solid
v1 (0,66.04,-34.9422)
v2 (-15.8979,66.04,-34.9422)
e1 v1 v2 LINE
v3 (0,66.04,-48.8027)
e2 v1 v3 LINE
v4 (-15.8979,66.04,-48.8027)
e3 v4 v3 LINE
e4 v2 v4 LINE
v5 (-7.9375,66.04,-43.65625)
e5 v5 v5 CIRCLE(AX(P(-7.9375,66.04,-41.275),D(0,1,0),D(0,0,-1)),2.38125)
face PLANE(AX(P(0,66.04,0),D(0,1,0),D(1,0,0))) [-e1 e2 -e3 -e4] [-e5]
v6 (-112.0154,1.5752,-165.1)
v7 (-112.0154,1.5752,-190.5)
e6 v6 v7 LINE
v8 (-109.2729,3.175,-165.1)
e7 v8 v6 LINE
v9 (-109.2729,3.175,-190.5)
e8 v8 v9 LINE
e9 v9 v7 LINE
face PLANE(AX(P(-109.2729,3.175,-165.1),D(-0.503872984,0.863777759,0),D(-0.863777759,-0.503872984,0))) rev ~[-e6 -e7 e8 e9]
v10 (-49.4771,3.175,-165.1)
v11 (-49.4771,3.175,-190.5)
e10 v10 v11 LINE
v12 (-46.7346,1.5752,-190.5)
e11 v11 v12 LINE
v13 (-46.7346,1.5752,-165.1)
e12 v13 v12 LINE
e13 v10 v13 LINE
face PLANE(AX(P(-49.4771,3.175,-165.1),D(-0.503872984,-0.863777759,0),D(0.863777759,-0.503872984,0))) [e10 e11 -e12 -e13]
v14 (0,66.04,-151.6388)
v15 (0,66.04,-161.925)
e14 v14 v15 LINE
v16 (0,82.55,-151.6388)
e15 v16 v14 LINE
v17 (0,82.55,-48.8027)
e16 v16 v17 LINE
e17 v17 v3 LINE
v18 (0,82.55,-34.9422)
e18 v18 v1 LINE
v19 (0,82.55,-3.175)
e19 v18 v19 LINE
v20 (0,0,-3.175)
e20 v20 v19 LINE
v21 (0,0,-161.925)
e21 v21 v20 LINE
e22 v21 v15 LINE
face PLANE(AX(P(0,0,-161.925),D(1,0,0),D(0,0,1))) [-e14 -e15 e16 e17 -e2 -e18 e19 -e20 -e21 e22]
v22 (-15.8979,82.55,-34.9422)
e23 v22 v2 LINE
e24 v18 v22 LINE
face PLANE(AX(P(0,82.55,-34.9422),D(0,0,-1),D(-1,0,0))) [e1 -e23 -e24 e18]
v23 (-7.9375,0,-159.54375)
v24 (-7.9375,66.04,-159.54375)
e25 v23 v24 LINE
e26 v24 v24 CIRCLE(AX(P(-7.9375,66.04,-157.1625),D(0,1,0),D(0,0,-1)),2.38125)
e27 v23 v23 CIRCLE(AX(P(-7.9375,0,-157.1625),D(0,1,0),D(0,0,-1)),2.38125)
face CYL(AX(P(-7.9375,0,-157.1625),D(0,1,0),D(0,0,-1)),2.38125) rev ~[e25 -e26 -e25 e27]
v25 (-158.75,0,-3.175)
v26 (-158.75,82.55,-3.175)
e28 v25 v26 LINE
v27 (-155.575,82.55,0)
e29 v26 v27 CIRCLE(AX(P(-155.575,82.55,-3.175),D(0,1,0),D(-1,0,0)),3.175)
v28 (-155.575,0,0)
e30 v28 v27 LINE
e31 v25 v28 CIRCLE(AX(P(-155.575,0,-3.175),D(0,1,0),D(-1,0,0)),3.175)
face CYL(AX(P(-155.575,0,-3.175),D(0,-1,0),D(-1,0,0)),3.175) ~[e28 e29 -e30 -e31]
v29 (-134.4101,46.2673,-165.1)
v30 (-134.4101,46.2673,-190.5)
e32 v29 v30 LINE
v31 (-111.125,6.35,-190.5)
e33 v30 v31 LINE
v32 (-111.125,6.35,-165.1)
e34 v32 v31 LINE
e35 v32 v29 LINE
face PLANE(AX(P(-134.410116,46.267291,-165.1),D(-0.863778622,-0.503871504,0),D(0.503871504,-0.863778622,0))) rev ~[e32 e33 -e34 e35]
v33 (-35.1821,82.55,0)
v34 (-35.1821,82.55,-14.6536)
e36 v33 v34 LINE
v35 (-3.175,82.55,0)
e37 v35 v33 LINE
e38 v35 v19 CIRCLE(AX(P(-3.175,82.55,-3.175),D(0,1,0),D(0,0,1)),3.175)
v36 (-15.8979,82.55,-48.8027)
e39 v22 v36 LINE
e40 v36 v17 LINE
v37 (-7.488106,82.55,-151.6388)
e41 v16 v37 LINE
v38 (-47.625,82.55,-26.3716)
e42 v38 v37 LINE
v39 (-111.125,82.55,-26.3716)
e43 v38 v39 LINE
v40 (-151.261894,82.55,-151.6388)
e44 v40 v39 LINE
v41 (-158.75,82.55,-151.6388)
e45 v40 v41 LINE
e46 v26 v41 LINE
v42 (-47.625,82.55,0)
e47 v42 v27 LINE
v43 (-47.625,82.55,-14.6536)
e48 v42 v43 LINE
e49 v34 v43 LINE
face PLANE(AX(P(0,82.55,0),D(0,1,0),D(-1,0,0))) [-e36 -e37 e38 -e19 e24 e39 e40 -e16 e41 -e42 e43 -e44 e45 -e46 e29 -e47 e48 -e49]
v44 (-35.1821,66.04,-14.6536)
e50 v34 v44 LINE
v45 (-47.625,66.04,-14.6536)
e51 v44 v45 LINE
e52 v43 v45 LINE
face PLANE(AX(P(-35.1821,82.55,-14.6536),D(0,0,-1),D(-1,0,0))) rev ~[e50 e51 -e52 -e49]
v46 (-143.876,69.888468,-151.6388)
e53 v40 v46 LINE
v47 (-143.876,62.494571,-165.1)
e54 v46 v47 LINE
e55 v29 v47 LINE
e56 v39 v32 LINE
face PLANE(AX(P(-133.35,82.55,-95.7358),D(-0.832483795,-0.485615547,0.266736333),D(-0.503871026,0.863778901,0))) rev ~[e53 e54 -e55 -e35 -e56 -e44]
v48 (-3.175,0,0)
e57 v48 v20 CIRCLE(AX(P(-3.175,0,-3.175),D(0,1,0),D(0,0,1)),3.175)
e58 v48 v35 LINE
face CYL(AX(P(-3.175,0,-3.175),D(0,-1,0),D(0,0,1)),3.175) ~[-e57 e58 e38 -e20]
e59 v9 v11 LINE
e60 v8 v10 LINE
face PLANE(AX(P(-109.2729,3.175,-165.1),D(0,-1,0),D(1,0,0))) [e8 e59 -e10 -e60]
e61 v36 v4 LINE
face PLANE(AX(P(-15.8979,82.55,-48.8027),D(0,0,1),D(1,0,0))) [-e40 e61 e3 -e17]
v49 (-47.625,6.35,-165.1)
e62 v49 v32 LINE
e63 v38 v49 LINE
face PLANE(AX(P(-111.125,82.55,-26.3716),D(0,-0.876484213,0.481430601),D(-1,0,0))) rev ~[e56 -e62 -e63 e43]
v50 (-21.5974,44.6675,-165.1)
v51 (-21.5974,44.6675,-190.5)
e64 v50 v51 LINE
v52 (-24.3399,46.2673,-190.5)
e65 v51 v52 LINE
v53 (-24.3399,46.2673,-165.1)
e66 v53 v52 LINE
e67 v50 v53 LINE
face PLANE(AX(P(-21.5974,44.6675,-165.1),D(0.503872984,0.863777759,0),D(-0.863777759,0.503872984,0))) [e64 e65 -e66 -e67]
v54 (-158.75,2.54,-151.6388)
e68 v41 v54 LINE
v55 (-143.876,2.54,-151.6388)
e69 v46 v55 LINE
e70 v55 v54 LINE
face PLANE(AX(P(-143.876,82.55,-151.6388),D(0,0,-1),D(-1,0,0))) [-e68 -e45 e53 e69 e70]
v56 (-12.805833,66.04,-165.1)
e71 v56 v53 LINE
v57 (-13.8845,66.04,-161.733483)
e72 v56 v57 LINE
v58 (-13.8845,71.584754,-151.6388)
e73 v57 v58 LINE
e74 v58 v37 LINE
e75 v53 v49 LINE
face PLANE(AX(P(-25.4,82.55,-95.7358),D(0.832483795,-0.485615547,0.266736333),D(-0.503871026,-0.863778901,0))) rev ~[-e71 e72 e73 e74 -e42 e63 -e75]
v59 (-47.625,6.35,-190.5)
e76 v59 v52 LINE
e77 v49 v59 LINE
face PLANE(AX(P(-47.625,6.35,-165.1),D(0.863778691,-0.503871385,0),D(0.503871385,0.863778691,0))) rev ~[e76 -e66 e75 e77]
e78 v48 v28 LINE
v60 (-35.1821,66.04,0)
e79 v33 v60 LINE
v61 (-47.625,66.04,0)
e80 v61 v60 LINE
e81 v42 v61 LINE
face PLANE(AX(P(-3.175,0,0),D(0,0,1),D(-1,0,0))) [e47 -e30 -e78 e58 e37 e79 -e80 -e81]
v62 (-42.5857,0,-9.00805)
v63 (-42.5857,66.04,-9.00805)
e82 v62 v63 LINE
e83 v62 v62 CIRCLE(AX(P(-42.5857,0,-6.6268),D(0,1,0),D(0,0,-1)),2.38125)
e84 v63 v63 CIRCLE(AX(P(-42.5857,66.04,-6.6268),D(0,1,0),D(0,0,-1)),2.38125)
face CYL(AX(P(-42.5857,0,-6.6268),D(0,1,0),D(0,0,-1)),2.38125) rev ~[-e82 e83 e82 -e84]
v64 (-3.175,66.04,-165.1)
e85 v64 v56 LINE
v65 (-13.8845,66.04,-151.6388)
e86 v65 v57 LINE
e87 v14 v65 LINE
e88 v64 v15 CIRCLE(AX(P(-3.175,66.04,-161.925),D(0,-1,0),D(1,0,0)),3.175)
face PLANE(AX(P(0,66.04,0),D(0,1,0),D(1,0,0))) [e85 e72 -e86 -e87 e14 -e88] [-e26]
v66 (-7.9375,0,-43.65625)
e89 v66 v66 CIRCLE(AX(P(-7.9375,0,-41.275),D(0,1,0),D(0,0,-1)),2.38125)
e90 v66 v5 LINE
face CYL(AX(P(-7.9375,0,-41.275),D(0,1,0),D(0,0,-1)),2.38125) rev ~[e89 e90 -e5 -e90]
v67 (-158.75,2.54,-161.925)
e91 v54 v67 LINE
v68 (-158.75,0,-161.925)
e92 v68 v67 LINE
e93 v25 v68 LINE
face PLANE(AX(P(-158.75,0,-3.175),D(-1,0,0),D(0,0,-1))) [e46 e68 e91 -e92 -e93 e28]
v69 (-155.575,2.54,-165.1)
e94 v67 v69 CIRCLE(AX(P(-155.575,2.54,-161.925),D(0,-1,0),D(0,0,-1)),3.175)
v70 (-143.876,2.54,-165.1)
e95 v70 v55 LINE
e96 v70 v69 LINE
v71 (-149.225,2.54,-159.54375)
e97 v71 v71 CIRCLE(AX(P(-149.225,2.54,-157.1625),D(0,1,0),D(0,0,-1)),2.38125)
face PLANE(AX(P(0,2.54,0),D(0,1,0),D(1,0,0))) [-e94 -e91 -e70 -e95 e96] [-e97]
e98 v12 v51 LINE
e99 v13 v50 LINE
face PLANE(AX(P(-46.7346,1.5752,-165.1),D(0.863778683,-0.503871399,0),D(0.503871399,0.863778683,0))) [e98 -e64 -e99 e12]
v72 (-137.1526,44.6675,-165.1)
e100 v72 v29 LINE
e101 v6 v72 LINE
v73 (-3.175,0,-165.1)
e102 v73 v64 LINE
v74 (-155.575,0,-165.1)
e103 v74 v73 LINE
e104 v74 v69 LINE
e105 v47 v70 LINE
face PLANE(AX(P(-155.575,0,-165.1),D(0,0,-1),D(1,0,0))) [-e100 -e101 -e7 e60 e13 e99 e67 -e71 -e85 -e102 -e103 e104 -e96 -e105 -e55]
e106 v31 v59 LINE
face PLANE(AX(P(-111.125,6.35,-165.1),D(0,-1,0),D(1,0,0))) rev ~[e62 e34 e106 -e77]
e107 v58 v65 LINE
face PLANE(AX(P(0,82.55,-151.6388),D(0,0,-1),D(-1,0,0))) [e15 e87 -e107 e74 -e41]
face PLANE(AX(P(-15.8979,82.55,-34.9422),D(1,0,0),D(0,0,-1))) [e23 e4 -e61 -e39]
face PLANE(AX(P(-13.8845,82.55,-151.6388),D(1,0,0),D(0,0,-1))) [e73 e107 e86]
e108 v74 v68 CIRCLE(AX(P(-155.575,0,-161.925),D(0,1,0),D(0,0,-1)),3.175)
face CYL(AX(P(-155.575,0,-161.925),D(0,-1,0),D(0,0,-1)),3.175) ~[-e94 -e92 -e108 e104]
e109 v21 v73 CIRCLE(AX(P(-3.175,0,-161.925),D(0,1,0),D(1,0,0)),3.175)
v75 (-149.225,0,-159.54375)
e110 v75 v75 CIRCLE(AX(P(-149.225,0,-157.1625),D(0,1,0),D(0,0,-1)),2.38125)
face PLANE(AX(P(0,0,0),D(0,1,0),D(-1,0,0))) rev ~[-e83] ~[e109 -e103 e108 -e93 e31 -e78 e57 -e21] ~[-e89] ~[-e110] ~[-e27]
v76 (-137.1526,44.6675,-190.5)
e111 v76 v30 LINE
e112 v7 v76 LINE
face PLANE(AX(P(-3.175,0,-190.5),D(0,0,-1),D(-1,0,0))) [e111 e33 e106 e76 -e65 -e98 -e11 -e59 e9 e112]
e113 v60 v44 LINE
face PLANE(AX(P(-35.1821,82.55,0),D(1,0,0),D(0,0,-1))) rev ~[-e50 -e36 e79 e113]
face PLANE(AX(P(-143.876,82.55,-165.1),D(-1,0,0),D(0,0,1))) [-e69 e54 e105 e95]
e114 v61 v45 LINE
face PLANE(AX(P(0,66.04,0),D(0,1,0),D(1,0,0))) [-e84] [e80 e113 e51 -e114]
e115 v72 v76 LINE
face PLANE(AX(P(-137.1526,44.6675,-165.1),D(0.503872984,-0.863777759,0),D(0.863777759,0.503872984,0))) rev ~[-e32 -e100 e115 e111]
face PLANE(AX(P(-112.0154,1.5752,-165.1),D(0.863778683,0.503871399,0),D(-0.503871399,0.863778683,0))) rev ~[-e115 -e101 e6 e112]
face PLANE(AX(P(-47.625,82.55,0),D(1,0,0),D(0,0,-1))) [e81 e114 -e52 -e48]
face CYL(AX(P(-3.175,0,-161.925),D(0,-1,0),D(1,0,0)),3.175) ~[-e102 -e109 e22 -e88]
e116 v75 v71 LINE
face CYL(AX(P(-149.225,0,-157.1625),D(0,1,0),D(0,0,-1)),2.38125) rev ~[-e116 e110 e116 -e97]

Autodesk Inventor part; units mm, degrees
ref_plane "YZ Plane" through (0, 0, 0) normal (1, 0, 0) x (0, 1, 0)
ref_plane "XZ Plane" through (0, 0, 0) normal (0, 1, 0) x (-1, 0, 0)
ref_plane "XY Plane" through (0, 0, 0) normal (0, 0, 1) x (1, 0, 0)
sketch "Sketch1" plane through (0, 0, 0) normal (0, 1, 0) x (-1, 0, 0)
  line L0 (3.175, 0) -> (155.575, 0)
  line L1 (158.75, -3.175) -> (158.75, -161.925)
  line L2 (155.575, -165.1) -> (3.175, -165.1)
  line L3 (0, -161.925) -> (0, -3.175)
  arc A0 (158.75, -3.175) -> (155.575, 0) centre (155.575, -3.175) ccw
  arc A1 (155.575, -165.1) -> (158.75, -161.925) centre (155.575, -161.925) ccw
  arc A2 (0, -161.925) -> (3.175, -165.1) centre (3.175, -161.925) ccw
  arc A3 (3.175, 0) -> (0, -3.175) centre (3.175, -3.175) ccw
  point P0 (0, 0)
  point P1 (158.75, -165.1)
  point P2 (158.75, 0)
  point P3 (0, -165.1)
  dimension "d0" = 158.75
  dimension "d1" = 165.1
  dimension "d2" = 3.175
  dimension "d3" = 3.175
  dimension "d4" = 3.175
  dimension "d5" = 3.175
extrude "Extrusion1" add sketch "Sketch1" along normal blind 82.55
sketch "Sketch2" plane through (0, 0, 0) normal (0, -1, 0) x (1, 0, 0)
  line L0 (-3.175, -165.1) -> (-155.575, -165.1) projected
  line L1 (-6.5142, -165.1) -> (0, -165.1)
  line L2 (0, -158.9917) -> (0, -165.1)
  line L3 (0, -165.1) -> (-7.9375, -165.1)
  line L4 (-7.9375, -165.1) -> (-7.9375, -157.1625)
  line L5 (-7.9375, -157.1625) -> (0, -157.1625)
  line L6 (0, -157.1625) -> (0, -165.1)
  line L7 (-7.9375, -157.1625) -> (-149.225, -157.1625)
  line L8 (-7.9375, -157.1625) -> (-7.9375, -41.275)
  line L9 (-7.9375, -41.275) -> (-42.5857, -6.6268)
  line L10 (-7.9375, -41.275) -> (41.0625, -41.275) construction
  point P0 (0, 0)
  dimension "d8" = 7.9375
  dimension "d9" = 7.9375
  dimension "d10" = 141.2875
  dimension "d11" = 115.8875
  dimension "d12" = 49
  dimension "d13" = 135
hole "Hole1" at (-42.5857, 0, -6.6268) at (-7.9375, 0, -41.275) at (-7.9375, 0, -157.1625) at (-149.225, 0, -157.1625) direction (0, 1, 0) diameter 4.7625 end through all
sketch "Sketch7" plane through (-3.175, 0, -165.1) normal (0, 0, -1) x (-1, 0, 0)
  line L0 (0, 0) -> (0, 82.55) projected
  line L1 (0, 82.55) -> (44.45, 82.55)
  line L2 (152.4, 82.55) -> (0, 82.55) projected
  line L3 (0, 82.55) -> (44.45, 82.55) construction
  line L4 (44.45, 82.55) -> (107.95, 82.55)
  line L5 (107.95, 82.55) -> (107.95, 6.35)
  line L6 (107.95, 6.35) -> (44.45, 6.35)
  line L7 (44.45, 6.35) -> (44.45, 82.55)
  line L8 (44.45, 6.35) -> (0, 82.55)
  line L9 (107.95, 6.35) -> (152.4, 82.55)
  line L10 (107.95, 82.55) -> (152.4, 82.55)
  point P0 (-3.175, 0)
  dimension "d22" = 44.45
  dimension "d23" = 0
  dimension "d24" = 63.5
  dimension "d25" = 76.2
sketch "Sketch8" plane through (0, 0, -3.175) normal (1, 0, 0) x (0, 0, -1)
  line L0 (0, 82.55) -> (-3.175, 82.55) projected
  line L1 (0, 82.55) -> (158.75, 82.55) projected
  line L2 (23.1966, 82.55) -> (161.925, 6.35)
  line L3 (161.925, 0) -> (161.925, 82.55) projected
  point P0 (-3.175, 0)
sweep "Sweep1" cut profiles "Sketch7" path "Sketch8" path curves L2
sketch "Sketch9" plane through (0, 82.55, 0) normal (0, 1, 0) x (1, 0, 0)
  line L0 (-3.175, 165.1) -> (-155.575, 165.1) projected
  line L1 (0, 3.175) -> (0, 161.925) projected
  line L2 (-13.8845, 165.1) -> (0, 165.1)
  line L3 (0, 165.1) -> (0, 151.6388)
  line L4 (0, 151.6388) -> (-13.8845, 151.6388)
  line L5 (-13.8845, 151.6388) -> (-13.8845, 165.1)
  line L6 (-143.876, 151.6388) -> (-158.75, 151.6388)
  line L7 (-158.75, 151.6388) -> (-158.75, 165.1)
  line L8 (-158.75, 165.1) -> (-143.876, 165.1)
  line L9 (-143.876, 165.1) -> (-143.876, 151.6388)
  line L10 (0, 3.175) -> (0, 161.925) projected
  line L11 (-15.8979, 48.8027) -> (0, 48.8027)
  line L12 (0, 48.8027) -> (0, 34.9422)
  line L13 (0, 34.9422) -> (-15.8979, 34.9422)
  line L14 (-15.8979, 34.9422) -> (-15.8979, 48.8027)
  line L15 (-47.625, 0) -> (-47.625, 165.1) projected
  line L16 (-35.1821, 14.6536) -> (-47.625, 14.6536)
  line L17 (-47.625, 14.6536) -> (-47.625, 0)
  line L18 (-47.625, 0) -> (-35.1821, 0)
  line L19 (-35.1821, 0) -> (-35.1821, 14.6536)
  point P0 (0, 0)
  point P1 (0, 48.8027)
extrude "Extrusion2" cut sketch "Sketch9" against normal blind 16.51 contours L2 L3 L1 L4 L5 L0 | L1 L13 L14 L11 | L16 L19 L18 L15
extrude "Extrusion3" cut sketch "Sketch9" against normal blind 80.01 contours L9 L6 L7 L8 L0
sketch "Sketch11" plane through (-3.175, 0, -165.1) normal (0, 0, -1) x (-1, 0, 0)
  line L0 (44.45, 82.55) -> (44.45, 6.35) projected
  line L1 (107.95, 6.35) -> (44.45, 6.35) projected
  line L2 (44.45, 6.35) -> (107.95, 6.35)
  line L3 (107.95, 6.35) -> (107.95, 3.175)
  line L4 (107.95, 3.175) -> (44.45, 3.175)
  line L5 (44.45, 3.175) -> (44.45, 6.35)
  line L6 (44.45, 6.35) -> (9.6308, 66.04) projected
  line L7 (21.1649, 46.2673) -> (46.3021, 3.175)
  line L8 (46.3021, 3.175) -> (43.5596, 1.5752)
  line L9 (43.5596, 1.5752) -> (18.4224, 44.6675)
  line L10 (18.4224, 44.6675) -> (21.1649, 46.2673)
  line L11 (140.701, 62.4945) -> (107.95, 6.35) projected
  line L12 (131.2351, 46.2673) -> (106.0979, 3.175)
  line L13 (106.0979, 3.175) -> (108.8404, 1.5752)
  line L14 (108.8404, 1.5752) -> (133.9776, 44.6675)
  line L15 (133.9776, 44.6675) -> (131.2351, 46.2673)
  point P0 (-3.175, 0)
  dimension "d40" = 3.175
  dimension "d41" = 3.175
  dimension "d42" = 3.175
extrude "Extrusion5" add sketch "Sketch11" along normal blind 25.4
properties part number "pipet tip trough"
